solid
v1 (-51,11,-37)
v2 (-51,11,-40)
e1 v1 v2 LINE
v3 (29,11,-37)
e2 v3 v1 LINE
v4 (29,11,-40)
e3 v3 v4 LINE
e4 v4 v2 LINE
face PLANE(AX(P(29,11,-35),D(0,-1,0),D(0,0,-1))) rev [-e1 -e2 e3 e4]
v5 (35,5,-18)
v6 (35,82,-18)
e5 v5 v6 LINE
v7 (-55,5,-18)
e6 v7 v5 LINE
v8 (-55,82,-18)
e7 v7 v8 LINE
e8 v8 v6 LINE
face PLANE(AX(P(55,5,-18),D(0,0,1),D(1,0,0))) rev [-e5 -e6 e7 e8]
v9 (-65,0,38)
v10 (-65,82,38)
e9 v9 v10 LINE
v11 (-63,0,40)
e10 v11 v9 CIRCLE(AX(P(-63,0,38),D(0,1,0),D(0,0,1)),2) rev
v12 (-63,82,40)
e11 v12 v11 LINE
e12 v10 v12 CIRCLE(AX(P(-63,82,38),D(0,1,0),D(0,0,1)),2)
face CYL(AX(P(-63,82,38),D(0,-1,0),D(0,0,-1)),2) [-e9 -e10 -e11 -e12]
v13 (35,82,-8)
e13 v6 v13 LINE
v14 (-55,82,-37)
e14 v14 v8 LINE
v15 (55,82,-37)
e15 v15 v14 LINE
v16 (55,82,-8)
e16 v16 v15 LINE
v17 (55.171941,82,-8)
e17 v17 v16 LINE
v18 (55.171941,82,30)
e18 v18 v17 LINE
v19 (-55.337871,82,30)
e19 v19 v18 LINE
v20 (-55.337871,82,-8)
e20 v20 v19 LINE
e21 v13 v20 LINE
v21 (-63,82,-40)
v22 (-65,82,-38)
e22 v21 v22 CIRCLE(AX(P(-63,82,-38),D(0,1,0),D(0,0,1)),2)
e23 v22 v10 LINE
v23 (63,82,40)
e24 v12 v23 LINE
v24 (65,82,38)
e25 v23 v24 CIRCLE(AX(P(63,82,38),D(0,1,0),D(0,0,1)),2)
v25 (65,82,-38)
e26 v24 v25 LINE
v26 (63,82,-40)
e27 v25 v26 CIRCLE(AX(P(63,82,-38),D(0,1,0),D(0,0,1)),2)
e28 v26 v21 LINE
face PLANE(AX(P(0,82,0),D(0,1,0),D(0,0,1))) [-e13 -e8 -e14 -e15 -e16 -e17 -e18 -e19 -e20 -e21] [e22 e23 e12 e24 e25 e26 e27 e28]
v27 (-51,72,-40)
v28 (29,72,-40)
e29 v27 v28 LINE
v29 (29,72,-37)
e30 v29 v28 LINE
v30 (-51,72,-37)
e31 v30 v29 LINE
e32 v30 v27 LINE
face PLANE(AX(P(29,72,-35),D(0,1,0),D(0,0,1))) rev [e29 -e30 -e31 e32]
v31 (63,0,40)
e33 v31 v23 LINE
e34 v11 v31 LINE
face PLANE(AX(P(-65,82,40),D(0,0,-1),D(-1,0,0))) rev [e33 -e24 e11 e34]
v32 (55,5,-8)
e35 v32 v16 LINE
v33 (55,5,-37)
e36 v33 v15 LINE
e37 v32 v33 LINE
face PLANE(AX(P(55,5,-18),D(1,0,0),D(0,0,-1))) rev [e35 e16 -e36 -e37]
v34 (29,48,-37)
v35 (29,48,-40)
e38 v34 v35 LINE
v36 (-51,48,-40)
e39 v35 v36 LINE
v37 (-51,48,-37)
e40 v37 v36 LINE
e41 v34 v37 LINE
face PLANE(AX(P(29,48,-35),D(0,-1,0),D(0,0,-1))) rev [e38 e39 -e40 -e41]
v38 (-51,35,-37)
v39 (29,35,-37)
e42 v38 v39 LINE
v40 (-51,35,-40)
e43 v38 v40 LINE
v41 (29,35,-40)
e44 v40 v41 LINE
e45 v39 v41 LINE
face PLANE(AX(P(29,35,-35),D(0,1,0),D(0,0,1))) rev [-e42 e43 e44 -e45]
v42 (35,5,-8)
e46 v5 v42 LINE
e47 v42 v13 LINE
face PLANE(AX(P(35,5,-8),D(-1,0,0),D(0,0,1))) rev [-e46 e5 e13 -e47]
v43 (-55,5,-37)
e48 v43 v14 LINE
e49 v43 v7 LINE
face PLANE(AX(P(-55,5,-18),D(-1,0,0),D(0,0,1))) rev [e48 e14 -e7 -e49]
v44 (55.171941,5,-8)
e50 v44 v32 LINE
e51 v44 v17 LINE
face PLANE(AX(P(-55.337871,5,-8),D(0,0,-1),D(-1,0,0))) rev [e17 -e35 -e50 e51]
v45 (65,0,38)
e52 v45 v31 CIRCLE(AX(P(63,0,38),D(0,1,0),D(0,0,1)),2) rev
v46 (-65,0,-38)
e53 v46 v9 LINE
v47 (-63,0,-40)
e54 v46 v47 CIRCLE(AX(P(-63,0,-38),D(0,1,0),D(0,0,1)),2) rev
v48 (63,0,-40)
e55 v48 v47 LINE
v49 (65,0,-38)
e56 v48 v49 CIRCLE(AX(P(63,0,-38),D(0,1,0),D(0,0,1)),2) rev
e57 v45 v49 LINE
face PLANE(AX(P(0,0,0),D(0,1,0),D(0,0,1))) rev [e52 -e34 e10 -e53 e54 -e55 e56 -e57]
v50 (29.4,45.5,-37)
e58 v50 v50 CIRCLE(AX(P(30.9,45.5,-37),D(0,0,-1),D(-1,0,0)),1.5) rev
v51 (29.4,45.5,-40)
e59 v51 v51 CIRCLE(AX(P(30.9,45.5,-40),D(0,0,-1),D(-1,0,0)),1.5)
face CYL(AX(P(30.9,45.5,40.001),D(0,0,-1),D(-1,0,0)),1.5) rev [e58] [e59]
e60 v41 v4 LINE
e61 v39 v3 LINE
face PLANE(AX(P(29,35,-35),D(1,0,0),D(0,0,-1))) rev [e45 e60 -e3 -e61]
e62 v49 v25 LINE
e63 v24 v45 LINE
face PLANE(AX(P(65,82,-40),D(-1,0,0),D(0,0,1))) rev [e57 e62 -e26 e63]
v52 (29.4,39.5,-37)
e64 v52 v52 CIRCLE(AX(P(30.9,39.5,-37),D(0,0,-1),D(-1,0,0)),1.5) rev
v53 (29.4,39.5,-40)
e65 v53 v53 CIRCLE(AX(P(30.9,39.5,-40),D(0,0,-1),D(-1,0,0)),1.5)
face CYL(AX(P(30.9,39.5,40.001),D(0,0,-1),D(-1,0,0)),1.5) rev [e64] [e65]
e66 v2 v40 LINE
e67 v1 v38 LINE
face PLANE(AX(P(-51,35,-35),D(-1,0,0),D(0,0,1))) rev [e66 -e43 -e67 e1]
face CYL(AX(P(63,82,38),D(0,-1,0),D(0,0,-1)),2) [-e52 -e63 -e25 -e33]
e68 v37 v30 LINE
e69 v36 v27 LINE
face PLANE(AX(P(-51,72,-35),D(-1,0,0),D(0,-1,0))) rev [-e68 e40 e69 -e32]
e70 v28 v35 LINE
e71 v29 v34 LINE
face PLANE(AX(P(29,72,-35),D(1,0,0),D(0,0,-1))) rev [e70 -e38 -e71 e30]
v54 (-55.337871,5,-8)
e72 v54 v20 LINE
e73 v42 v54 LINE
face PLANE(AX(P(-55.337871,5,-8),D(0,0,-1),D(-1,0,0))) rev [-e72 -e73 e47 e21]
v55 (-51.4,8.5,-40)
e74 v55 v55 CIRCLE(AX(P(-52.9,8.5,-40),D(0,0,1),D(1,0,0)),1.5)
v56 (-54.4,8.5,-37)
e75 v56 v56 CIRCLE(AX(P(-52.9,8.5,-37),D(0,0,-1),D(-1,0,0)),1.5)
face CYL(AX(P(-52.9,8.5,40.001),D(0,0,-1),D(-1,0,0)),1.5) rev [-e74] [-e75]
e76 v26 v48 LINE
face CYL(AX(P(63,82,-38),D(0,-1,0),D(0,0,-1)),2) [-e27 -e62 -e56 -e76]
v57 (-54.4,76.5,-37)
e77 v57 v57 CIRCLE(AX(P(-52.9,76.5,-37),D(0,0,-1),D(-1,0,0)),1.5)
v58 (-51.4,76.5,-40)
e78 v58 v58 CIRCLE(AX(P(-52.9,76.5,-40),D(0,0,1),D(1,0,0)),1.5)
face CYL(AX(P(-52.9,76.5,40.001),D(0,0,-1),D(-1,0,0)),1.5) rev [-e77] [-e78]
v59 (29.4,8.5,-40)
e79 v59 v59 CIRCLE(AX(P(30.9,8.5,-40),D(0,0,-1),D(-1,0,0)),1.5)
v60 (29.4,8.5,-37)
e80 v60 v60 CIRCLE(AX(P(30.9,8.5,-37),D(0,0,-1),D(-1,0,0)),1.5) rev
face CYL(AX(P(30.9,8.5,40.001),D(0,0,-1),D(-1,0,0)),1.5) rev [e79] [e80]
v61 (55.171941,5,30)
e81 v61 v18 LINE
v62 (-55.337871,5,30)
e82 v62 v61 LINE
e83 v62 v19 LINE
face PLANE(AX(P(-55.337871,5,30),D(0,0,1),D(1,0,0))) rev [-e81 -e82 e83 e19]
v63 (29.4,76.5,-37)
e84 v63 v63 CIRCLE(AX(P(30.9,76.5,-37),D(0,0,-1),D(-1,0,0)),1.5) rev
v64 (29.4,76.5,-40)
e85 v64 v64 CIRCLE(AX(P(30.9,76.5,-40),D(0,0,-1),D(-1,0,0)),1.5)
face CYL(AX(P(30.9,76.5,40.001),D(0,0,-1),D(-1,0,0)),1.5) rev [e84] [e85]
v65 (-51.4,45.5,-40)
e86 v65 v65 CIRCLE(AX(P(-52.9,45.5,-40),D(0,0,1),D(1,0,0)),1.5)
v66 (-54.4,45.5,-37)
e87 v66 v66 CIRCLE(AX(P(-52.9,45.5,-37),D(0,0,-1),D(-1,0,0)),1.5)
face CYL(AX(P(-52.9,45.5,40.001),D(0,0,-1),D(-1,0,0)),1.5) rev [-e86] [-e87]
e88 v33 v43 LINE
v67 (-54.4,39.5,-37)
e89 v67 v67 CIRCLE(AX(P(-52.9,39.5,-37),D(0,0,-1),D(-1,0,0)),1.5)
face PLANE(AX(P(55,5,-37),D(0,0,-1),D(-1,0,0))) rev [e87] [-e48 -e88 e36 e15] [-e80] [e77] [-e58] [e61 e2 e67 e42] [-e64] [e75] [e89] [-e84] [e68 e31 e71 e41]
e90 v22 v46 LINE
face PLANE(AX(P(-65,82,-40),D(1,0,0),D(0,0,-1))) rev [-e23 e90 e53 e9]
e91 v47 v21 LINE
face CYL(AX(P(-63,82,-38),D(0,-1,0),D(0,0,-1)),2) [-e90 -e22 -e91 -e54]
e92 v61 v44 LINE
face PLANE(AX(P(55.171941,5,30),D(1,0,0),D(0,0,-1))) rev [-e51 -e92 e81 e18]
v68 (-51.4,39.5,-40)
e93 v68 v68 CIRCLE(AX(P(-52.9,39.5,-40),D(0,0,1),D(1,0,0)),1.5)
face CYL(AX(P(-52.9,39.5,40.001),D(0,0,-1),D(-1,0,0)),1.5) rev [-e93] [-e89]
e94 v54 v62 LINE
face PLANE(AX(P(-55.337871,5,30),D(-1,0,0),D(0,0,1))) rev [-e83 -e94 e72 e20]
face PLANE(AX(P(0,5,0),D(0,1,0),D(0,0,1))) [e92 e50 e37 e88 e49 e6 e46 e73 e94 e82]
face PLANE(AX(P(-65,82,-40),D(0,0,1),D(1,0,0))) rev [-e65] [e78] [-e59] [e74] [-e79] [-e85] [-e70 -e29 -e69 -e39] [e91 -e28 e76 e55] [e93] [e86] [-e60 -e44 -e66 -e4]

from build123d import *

# Parameters (mm, degrees)
ESQUISSE1_W              = 130
ESQUISSE1_H              = 80
BOSS_EXTRU_1_DEPTH       = 82
ESQUISSE4_W              = 110
ESQUISSE4_H              = 19
ENL_V_MAT_EXTRU_1_DEPTH  = 77
ESQUISSE7_W              = 80
ESQUISSE7_H              = 24
ENL_V_MAT_EXTRU_2_DEPTH  = 5
ESQUISSE8_W              = 80
ESQUISSE8_H              = 24
ENL_V_MAT_EXTRU_3_DEPTH  = 5
CONG_1_R                 = 2
ESQUISSE9_W              = 110.509811946
ESQUISSE9_H              = 38
ENL_V_MAT_EXTRU_4_DEPTH  = 77
ESQUISSE10_W             = 20
ESQUISSE10_H             = 10
ENL_V_MAT_EXTRU_5_DEPTH  = 77
ESQUISSE11_R             = 1.5
ENL_V_MAT_EXTRU_6_DEPTH  = 3
ESQUISSE12_R             = 1.5
ENL_V_MAT_EXTRU_7_DEPTH  = 3
ESQUISSE13_R             = 1.5
ENL_V_MAT_EXTRU_8_DEPTH  = 3
ESQUISSE14_R             = 1.5
ENL_V_MAT_EXTRU_11_DEPTH = 3


with BuildPart() as part:
    # Esquisse1 → Boss.-Extru.1 (new body)
    with BuildSketch(Plane(origin=(0, 0, 0), x_dir=(1, 0, 0), z_dir=(0, 1, 0))):
        Rectangle(ESQUISSE1_W, ESQUISSE1_H)
    extrude(amount=BOSS_EXTRU_1_DEPTH)

    # Esquisse4 → Enlèv. mat.-Extru.1 (cut)
    with BuildSketch(Plane(origin=(0, 82, 0), x_dir=(1, 0, 0), z_dir=(0, 1, 0))):
        with Locations((0, 27.5)):
            Rectangle(ESQUISSE4_W, ESQUISSE4_H)
    extrude(amount=-ENL_V_MAT_EXTRU_1_DEPTH, mode=Mode.SUBTRACT)

    # Esquisse7 → Enlèv. mat.-Extru.2 (cut)
    with BuildSketch(Plane(origin=(0, 0, -40), x_dir=(-1, 0, 0), z_dir=(0, 0, -1))):
        with Locations((11, 23)):
            Rectangle(ESQUISSE7_W, ESQUISSE7_H)
    extrude(amount=-ENL_V_MAT_EXTRU_2_DEPTH, mode=Mode.SUBTRACT)

    # Esquisse8 → Enlèv. mat.-Extru.3 (cut)
    with BuildSketch(Plane(origin=(0, 0, -40), x_dir=(-1, 0, 0), z_dir=(0, 0, -1))):
        with Locations((11, 60)):
            Rectangle(ESQUISSE8_W, ESQUISSE8_H)
    extrude(amount=-ENL_V_MAT_EXTRU_3_DEPTH, mode=Mode.SUBTRACT)

    # Congé1
    cong_1_edges = [part.edges().sort_by_distance(p)[0] for p in [
        (-65, 41, -40),
        (65, 41, -40),
        (65, 41, 40),
        (-65, 41, 40),
    ]]
    fillet(cong_1_edges, radius=CONG_1_R)

    # Esquisse9 → Enlèv. mat.-Extru.4 (cut)
    with BuildSketch(Plane(origin=(0, 82, 0), x_dir=(1, 0, 0), z_dir=(0, 1, 0))):
        with Locations((-0.082965324, -11)):
            Rectangle(ESQUISSE9_W, ESQUISSE9_H)
    extrude(amount=-ENL_V_MAT_EXTRU_4_DEPTH, mode=Mode.SUBTRACT)

    # Esquisse10 → Enlèv. mat.-Extru.5 (cut)
    with BuildSketch(Plane(origin=(0, 82, 0), x_dir=(1, 0, 0), z_dir=(0, 1, 0))):
        with Locations((45, 13)):
            Rectangle(ESQUISSE10_W, ESQUISSE10_H)
    extrude(amount=-ENL_V_MAT_EXTRU_5_DEPTH, mode=Mode.SUBTRACT)

    # Esquisse11 → Enlèv. mat.-Extru.6 (cut)
    with BuildSketch(Plane(origin=(0, 0, -40), x_dir=(-1, 0, 0), z_dir=(0, 0, -1))):
        with Locations((-30.9, 39.5)):
            Circle(ESQUISSE11_R)
    enl_v_mat_extru_6 = extrude(amount=-ENL_V_MAT_EXTRU_6_DEPTH, mode=Mode.SUBTRACT)

    # Esquisse12 → Enlèv. mat.-Extru.7 (cut)
    with BuildSketch(Plane(origin=(0, 0, -40), x_dir=(-1, 0, 0), z_dir=(0, 0, -1))):
        with Locations((-30.9, 45.5)):
            Circle(ESQUISSE12_R)
    enl_v_mat_extru_7 = extrude(amount=-ENL_V_MAT_EXTRU_7_DEPTH, mode=Mode.SUBTRACT)

    # Symétrie1: Enlèv. mat.-Extru.6, Enlèv. mat.-Extru.7 across plane
    add(enl_v_mat_extru_6.mirror(Plane(origin=(-11, 0, 0), x_dir=(0, 0, 1), z_dir=(1, 0, 0))), mode=Mode.SUBTRACT)
    add(enl_v_mat_extru_7.mirror(Plane(origin=(-11, 0, 0), x_dir=(0, 0, 1), z_dir=(1, 0, 0))), mode=Mode.SUBTRACT)

    # Esquisse13 → Enlèv. mat.-Extru.8 (cut)
    with BuildSketch(Plane(origin=(0, 0, -40), x_dir=(-1, 0, 0), z_dir=(0, 0, -1))):
        with Locations((-30.9, 76.5)):
            Circle(ESQUISSE13_R)
    enl_v_mat_extru_8 = extrude(amount=-ENL_V_MAT_EXTRU_8_DEPTH, mode=Mode.SUBTRACT)

    # Symétrie2: Enlèv. mat.-Extru.8 across plane
    add(enl_v_mat_extru_8.mirror(Plane(origin=(-11, 0, 0), x_dir=(0, 0, 1), z_dir=(1, 0, 0))), mode=Mode.SUBTRACT)

    # Esquisse14 → Enlèv. mat.-Extru.11 (cut)
    with BuildSketch(Plane(origin=(0, 0, -40), x_dir=(-1, 0, 0), z_dir=(0, 0, -1))):
        with Locations((-30.9, 8.5)):
            Circle(ESQUISSE14_R)
    enl_v_mat_extru_11 = extrude(amount=-ENL_V_MAT_EXTRU_11_DEPTH, mode=Mode.SUBTRACT)

    # Symétrie3: Enlèv. mat.-Extru.11 across plane
    add(enl_v_mat_extru_11.mirror(Plane(origin=(-11, 0, 0), x_dir=(0, 0, 1), z_dir=(1, 0, 0))), mode=Mode.SUBTRACT)


solid = part.part
